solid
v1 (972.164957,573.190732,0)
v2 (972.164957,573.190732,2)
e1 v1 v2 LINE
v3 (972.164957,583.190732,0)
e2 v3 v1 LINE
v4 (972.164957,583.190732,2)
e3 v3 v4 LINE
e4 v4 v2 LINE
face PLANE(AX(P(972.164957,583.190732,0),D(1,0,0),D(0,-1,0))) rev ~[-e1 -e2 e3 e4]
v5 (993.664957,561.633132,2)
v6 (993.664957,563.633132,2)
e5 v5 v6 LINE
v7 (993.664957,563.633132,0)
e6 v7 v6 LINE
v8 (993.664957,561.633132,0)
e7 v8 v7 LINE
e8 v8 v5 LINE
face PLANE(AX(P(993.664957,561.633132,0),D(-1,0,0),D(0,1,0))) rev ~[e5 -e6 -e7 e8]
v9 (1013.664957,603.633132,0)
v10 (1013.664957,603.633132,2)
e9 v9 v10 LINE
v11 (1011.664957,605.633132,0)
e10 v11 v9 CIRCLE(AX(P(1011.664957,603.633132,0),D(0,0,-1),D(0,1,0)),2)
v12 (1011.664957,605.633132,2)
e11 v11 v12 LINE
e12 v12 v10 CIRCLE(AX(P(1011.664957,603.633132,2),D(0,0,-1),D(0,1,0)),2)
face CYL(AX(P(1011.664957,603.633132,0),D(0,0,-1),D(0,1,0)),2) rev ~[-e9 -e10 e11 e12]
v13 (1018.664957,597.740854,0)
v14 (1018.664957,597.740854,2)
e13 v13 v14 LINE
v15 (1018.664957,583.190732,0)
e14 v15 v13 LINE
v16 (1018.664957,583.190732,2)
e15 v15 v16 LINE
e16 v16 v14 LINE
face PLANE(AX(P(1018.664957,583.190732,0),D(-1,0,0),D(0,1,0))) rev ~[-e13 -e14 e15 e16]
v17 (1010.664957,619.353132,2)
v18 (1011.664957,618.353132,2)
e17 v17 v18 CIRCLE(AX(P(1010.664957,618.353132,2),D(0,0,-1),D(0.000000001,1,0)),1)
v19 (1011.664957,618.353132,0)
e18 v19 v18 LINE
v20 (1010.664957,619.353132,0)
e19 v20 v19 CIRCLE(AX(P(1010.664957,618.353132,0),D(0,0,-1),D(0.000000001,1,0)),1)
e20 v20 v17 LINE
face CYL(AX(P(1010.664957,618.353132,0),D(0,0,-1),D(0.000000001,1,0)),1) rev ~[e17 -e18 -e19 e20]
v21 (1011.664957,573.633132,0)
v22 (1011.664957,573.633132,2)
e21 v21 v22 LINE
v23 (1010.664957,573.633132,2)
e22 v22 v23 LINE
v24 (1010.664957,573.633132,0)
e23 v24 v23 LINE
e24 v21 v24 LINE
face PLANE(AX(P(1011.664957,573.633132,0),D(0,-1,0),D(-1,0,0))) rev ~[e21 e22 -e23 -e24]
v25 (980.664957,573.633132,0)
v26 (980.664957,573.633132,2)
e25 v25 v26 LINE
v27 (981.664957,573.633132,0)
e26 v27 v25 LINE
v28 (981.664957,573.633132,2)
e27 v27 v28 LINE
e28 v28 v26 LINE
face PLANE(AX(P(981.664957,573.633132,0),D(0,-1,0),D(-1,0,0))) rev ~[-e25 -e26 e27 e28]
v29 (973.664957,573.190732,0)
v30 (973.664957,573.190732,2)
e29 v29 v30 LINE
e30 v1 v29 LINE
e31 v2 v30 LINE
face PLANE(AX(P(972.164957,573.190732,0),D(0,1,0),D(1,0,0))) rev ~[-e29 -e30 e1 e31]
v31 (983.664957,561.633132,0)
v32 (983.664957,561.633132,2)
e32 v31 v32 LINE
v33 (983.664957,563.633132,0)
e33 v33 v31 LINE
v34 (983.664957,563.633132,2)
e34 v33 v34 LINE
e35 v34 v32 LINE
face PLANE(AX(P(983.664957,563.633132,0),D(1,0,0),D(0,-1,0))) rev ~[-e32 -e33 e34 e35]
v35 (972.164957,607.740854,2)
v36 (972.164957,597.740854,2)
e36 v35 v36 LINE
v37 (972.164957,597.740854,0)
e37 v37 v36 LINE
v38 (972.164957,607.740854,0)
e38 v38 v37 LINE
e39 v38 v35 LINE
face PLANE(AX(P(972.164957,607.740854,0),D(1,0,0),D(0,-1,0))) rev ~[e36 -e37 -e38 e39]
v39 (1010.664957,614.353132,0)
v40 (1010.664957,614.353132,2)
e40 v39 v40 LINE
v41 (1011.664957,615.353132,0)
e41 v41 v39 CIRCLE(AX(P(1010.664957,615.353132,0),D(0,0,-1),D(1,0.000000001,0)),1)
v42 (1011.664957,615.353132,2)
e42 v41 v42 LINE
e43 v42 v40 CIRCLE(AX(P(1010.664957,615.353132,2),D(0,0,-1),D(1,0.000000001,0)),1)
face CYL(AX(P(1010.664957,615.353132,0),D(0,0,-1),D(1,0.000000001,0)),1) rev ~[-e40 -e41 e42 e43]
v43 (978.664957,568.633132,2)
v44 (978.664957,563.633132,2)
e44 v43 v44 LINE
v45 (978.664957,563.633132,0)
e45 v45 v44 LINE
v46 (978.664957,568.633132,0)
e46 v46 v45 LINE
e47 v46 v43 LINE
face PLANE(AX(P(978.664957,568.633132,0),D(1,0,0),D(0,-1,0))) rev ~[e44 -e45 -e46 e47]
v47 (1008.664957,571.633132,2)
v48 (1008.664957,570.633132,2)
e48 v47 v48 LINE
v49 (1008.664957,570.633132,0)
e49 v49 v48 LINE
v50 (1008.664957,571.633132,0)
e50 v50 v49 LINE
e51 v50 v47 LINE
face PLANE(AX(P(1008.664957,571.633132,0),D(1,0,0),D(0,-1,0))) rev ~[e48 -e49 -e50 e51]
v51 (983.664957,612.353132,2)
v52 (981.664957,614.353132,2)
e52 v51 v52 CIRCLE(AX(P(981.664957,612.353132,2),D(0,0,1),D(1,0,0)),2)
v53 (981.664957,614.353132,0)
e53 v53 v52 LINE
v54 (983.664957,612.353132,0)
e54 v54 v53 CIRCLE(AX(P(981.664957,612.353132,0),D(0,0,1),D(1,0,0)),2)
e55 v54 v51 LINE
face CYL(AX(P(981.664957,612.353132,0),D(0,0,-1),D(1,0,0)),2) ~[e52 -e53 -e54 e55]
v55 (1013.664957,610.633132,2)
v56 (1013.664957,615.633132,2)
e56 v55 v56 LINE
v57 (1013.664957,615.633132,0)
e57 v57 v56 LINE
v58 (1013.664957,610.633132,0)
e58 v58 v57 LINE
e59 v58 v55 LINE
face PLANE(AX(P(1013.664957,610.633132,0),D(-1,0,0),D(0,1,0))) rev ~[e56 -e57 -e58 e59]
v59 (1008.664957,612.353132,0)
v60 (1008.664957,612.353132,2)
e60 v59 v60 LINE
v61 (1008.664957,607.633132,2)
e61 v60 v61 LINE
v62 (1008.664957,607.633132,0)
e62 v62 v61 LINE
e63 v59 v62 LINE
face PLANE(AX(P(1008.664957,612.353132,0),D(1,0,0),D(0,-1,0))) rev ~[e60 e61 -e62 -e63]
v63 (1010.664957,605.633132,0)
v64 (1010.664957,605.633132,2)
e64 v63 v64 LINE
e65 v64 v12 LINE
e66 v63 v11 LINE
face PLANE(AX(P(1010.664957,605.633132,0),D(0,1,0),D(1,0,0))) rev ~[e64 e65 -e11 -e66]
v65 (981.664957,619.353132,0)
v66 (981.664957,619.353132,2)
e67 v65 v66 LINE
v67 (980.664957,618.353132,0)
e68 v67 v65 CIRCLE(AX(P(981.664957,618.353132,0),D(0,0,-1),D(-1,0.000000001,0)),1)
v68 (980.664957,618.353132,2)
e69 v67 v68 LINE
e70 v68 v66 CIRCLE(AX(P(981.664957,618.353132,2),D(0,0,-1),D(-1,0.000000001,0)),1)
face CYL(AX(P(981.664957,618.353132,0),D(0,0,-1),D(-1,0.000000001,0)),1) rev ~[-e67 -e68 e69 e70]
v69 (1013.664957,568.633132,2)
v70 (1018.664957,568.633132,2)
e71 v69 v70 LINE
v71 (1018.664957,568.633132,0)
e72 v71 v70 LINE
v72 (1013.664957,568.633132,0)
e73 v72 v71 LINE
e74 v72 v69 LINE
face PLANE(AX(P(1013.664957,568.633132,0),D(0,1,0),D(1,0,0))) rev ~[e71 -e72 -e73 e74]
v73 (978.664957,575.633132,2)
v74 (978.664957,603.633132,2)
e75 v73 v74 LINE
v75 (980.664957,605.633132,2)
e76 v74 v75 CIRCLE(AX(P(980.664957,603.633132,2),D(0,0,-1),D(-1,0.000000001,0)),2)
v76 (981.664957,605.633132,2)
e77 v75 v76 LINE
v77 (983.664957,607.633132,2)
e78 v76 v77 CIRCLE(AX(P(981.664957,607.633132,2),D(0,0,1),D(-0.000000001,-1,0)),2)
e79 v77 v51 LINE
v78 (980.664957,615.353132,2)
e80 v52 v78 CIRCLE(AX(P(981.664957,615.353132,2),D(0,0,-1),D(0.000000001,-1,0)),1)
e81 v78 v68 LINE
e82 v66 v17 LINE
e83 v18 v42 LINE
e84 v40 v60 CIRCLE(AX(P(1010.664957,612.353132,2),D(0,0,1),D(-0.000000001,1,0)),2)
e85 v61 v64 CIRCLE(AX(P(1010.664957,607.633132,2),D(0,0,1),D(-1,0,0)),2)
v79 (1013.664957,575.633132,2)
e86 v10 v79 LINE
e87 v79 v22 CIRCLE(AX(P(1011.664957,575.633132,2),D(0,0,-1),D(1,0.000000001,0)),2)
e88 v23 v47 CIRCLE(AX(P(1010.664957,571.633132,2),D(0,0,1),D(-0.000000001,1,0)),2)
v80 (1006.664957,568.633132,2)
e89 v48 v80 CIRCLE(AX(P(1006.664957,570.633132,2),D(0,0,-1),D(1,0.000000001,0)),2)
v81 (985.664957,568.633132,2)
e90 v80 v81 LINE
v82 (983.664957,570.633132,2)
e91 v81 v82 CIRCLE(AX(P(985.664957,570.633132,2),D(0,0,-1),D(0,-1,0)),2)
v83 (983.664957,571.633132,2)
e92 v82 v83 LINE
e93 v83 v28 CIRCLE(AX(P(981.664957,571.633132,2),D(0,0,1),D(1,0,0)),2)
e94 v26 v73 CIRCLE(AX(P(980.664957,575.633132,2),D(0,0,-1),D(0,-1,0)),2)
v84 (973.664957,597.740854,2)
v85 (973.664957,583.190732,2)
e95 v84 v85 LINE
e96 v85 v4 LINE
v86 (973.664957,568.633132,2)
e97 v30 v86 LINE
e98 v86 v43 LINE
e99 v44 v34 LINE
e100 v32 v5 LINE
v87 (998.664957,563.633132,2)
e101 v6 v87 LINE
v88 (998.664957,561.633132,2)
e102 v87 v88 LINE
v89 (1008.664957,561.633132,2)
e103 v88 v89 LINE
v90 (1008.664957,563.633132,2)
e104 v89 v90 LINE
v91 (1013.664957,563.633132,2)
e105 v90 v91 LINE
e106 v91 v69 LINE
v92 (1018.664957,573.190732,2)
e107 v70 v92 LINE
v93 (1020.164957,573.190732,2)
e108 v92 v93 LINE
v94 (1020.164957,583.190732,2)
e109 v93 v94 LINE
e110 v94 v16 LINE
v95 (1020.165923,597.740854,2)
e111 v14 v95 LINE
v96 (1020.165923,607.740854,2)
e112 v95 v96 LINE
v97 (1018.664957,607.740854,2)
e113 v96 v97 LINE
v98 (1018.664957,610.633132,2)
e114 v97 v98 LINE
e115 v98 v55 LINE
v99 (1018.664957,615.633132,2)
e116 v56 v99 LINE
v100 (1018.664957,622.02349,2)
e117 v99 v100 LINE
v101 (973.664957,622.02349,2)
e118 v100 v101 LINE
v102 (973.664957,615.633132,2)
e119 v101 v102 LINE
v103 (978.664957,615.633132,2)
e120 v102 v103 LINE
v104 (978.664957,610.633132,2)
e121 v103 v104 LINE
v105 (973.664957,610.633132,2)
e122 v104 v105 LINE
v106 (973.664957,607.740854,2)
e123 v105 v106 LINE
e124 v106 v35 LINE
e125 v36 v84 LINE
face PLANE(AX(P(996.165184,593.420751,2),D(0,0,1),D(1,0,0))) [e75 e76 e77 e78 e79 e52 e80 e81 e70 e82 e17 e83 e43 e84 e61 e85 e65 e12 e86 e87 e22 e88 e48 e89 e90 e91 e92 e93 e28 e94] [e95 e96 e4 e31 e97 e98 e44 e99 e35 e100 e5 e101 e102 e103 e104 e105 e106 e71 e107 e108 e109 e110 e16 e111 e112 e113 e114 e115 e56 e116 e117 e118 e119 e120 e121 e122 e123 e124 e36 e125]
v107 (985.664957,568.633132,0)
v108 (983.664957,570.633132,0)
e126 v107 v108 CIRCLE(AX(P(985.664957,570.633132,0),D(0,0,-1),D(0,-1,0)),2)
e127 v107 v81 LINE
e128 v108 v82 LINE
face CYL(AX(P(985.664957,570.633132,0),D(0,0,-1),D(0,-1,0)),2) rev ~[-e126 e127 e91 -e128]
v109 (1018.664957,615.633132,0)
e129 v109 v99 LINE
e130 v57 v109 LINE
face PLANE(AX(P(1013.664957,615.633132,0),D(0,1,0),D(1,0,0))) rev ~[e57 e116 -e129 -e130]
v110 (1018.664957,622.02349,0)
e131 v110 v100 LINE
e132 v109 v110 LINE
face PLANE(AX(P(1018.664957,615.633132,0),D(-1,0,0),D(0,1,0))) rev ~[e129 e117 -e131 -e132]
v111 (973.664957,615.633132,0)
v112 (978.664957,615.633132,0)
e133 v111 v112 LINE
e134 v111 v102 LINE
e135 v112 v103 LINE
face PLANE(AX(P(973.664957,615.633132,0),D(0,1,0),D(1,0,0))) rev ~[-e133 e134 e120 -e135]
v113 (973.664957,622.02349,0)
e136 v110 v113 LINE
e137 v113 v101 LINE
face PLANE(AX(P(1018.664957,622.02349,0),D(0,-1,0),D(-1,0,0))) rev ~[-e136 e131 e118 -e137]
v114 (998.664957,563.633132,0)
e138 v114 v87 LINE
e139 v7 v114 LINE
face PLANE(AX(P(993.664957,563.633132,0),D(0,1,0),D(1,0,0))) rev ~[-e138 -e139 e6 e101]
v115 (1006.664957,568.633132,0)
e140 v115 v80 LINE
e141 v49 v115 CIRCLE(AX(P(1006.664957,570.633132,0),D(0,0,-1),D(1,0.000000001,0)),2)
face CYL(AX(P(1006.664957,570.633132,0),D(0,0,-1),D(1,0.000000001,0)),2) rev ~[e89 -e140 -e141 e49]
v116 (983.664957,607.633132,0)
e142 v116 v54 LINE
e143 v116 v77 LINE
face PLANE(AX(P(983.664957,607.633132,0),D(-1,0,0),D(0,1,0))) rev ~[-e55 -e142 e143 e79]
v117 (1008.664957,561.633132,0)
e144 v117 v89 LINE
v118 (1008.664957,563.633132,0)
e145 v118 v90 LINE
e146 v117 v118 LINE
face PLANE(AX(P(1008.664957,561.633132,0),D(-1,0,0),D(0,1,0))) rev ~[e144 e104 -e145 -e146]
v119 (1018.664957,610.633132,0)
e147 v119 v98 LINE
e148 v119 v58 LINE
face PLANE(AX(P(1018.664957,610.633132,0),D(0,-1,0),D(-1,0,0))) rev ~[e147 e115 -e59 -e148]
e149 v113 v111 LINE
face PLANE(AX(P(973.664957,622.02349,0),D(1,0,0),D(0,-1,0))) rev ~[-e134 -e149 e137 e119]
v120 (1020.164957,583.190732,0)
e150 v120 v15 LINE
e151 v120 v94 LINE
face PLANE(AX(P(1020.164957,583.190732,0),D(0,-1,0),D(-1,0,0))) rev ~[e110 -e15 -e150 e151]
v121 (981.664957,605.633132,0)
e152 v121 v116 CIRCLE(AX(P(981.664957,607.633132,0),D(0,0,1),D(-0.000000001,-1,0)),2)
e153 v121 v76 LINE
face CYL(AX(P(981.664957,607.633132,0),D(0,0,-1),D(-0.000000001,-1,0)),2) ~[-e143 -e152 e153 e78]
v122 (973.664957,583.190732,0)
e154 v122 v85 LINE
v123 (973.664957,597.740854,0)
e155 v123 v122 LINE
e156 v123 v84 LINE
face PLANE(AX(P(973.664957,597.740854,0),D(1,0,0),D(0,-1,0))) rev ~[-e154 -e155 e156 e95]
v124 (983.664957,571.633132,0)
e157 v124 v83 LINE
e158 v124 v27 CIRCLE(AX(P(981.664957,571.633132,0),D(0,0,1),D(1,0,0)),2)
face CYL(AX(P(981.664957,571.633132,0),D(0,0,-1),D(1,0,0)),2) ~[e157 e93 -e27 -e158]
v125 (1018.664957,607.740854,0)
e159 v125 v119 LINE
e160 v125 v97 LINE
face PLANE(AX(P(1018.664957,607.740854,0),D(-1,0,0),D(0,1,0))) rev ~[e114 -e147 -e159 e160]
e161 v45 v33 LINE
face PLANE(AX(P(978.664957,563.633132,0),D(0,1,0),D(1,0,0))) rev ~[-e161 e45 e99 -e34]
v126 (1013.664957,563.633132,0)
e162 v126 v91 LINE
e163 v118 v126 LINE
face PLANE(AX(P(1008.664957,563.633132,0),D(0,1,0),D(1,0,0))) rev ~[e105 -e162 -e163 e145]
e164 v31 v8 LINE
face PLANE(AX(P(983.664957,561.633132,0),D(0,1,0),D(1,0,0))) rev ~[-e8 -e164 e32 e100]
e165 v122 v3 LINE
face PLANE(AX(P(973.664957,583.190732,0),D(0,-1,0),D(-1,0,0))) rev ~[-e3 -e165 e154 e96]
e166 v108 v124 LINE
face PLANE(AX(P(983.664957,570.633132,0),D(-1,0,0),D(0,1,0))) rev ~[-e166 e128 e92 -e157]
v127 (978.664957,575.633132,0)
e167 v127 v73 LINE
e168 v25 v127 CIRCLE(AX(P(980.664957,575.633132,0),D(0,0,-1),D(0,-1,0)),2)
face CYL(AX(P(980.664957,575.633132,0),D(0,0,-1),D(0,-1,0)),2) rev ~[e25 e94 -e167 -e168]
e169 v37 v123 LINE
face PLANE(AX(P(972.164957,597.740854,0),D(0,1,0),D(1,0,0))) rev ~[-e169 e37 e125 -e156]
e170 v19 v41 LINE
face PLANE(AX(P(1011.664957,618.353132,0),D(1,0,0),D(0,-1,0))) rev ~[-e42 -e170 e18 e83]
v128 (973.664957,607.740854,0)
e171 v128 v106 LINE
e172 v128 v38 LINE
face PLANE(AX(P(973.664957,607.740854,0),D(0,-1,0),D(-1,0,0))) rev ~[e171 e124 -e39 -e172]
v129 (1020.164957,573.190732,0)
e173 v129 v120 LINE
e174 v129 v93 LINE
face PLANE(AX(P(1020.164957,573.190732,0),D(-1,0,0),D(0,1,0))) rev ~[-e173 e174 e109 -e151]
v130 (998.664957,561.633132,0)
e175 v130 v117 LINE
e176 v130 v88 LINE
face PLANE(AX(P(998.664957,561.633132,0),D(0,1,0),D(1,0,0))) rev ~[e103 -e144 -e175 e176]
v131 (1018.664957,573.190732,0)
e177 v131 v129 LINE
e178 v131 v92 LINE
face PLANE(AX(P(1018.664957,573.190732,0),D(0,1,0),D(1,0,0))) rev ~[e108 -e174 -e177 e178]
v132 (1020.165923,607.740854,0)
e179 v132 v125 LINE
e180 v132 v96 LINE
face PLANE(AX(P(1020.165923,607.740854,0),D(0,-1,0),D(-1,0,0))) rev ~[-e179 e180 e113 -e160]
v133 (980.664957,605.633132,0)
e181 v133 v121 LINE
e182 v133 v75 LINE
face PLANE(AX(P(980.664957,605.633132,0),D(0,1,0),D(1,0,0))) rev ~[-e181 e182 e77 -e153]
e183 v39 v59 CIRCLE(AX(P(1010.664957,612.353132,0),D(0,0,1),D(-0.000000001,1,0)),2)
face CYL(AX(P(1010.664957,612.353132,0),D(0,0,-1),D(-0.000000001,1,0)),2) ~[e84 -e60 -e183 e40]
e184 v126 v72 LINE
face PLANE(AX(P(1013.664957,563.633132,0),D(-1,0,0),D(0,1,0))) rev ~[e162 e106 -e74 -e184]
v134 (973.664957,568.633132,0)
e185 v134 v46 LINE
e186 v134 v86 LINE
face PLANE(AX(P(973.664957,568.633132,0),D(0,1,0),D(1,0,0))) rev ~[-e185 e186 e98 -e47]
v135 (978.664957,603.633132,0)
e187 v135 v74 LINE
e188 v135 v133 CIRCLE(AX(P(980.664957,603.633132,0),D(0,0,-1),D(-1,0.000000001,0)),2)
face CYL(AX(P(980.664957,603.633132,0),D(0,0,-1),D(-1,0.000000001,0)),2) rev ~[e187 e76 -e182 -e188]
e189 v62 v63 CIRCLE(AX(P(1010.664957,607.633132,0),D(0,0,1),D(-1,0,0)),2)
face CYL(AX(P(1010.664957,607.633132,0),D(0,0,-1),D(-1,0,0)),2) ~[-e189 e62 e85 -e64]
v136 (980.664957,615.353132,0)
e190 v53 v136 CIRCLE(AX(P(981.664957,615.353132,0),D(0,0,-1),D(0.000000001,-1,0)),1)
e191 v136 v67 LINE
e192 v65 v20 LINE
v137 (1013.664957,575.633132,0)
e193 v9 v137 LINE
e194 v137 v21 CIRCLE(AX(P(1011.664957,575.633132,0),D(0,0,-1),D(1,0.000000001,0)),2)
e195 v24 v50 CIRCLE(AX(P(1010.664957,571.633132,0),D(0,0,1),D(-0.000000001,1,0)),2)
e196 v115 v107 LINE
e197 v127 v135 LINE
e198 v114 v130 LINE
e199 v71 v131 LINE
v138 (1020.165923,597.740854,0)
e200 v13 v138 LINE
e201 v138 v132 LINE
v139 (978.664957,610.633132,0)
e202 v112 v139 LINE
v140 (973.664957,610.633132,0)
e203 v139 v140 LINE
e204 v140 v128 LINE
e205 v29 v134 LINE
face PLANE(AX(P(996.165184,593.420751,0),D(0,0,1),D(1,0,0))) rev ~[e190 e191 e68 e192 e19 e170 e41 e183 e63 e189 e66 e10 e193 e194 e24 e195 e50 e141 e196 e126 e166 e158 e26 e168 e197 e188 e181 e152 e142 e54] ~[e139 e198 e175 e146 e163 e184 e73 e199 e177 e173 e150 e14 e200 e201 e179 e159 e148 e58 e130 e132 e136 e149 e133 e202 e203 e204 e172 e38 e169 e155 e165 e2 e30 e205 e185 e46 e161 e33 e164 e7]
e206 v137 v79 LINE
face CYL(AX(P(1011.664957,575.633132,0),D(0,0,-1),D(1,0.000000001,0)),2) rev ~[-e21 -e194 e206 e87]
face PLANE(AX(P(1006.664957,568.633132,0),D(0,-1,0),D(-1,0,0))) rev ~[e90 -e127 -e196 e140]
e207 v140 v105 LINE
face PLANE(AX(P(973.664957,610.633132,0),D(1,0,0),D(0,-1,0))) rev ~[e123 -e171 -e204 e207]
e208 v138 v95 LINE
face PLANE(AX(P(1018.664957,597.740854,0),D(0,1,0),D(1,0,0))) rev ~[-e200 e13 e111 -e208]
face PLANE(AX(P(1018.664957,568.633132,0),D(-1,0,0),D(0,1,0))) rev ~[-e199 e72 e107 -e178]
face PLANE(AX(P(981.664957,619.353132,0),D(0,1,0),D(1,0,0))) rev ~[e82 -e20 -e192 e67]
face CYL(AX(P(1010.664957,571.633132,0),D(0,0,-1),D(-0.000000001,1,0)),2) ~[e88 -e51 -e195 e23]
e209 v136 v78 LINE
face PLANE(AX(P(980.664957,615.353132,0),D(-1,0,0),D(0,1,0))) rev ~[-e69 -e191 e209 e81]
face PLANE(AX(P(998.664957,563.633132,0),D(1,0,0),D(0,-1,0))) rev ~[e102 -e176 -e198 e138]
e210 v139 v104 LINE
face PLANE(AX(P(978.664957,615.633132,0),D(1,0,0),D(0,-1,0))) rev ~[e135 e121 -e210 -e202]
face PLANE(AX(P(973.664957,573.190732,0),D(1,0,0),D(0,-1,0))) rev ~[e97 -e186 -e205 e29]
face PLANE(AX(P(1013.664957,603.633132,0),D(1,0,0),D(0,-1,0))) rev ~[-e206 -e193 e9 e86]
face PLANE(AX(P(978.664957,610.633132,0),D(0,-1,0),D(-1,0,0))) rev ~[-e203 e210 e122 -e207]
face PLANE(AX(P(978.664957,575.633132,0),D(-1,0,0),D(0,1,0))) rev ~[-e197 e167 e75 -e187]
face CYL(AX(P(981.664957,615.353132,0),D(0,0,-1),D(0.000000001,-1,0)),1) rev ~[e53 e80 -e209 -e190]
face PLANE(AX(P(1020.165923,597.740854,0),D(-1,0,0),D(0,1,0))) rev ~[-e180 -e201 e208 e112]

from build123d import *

# Parameters (mm, degrees)
EXTRUDE_1_DEPTH = 2


with BuildPart() as part:
    # Model → 凸台-拉伸1 (new body)
    with BuildSketch(Plane.XY):
        Polygon((973.664956946, 622.02348986), (973.664956946, 615.633131528), (978.664956946, 615.633131528), (978.664956946, 610.633131528), (973.664956946, 610.633131528), (973.664956946, 607.740854359), (972.164956946, 607.740854359), (972.164956946, 597.740854359), (973.664956946, 597.740854359), (973.664956946, 583.190731528), (972.164956946, 583.190731528), (972.164956946, 573.190731528), (973.664956946, 573.190731528), (973.664956946, 568.633131528), (978.664956946, 568.633131528), (978.664956946, 563.633131528), (983.664956946, 563.633131528), (983.664956946, 561.633131528), (993.664956946, 561.633131528), (993.664956946, 563.633131528), (998.664956946, 563.633131528), (998.664956946, 561.633131528), (1008.664956946, 561.633131528), (1008.664956946, 563.633131528), (1013.664956946, 563.633131528), (1013.664956946, 568.633131528), (1018.664956946, 568.633131528), (1018.664956946, 573.190731528), (1020.164956946, 573.190731528), (1020.164956946, 583.190731528), (1018.664956946, 583.190731528), (1018.664956946, 597.740854359), (1020.16592277, 597.740854359), (1020.16592277, 607.740854359), (1018.664956946, 607.740854359), (1018.664956946, 610.633131528), (1013.664956946, 610.633131528), (1013.664956946, 615.633131528), (1018.664956946, 615.633131528), (1018.664956946, 622.02348986), align=None)
        with BuildLine():
            Line((980.664956946, 605.633131528), (981.664956946, 605.633131528))
            ThreePointArc((981.664956946, 605.633131528), (983.079170509, 606.218917965), (983.664956946, 607.633131528))
            Line((983.664956946, 607.633131528), (983.664956946, 612.353131528))
            ThreePointArc((983.664956946, 612.353131528), (983.079170509, 613.76734509), (981.664956946, 614.353131528))
            ThreePointArc((981.664956946, 614.353131528), (980.957850165, 614.646024746), (980.664956946, 615.353131528))
            Line((980.664956946, 615.353131528), (980.664956946, 618.353131528))
            ThreePointArc((980.664956946, 618.353131528), (980.957850165, 619.060238309), (981.664956946, 619.353131528))
            Line((981.664956946, 619.353131528), (1010.664956946, 619.353131528))
            ThreePointArc((1010.664956946, 619.353131528), (1011.372063727, 619.060238309), (1011.664956946, 618.353131528))
            Line((1011.664956946, 618.353131528), (1011.664956946, 615.353131528))
            ThreePointArc((1011.664956946, 615.353131528), (1011.372063727, 614.646024746), (1010.664956946, 614.353131528))
            ThreePointArc((1010.664956946, 614.353131528), (1009.250743384, 613.76734509), (1008.664956946, 612.353131528))
            Line((1008.664956946, 612.353131528), (1008.664956946, 607.633131528))
            ThreePointArc((1008.664956946, 607.633131528), (1009.250743384, 606.218917965), (1010.664956946, 605.633131528))
            Line((1010.664956946, 605.633131528), (1011.664956946, 605.633131528))
            ThreePointArc((1011.664956946, 605.633131528), (1013.079170509, 605.04734509), (1013.664956946, 603.633131528))
            Line((1013.664956946, 603.633131528), (1013.664956946, 575.633131528))
            ThreePointArc((1013.664956946, 575.633131528), (1013.079170509, 574.218917965), (1011.664956946, 573.633131528))
            Line((1011.664956946, 573.633131528), (1010.664956946, 573.633131528))
            ThreePointArc((1010.664956946, 573.633131528), (1009.250743384, 573.04734509), (1008.664956946, 571.633131528))
            Line((1008.664956946, 571.633131528), (1008.664956946, 570.633131528))
            ThreePointArc((1008.664956946, 570.633131528), (1008.079170509, 569.218917965), (1006.664956946, 568.633131528))
            Line((1006.664956946, 568.633131528), (985.664956946, 568.633131528))
            ThreePointArc((985.664956946, 568.633131528), (984.250743384, 569.218917965), (983.664956946, 570.633131528))
            Line((983.664956946, 570.633131528), (983.664956946, 571.633131528))
            ThreePointArc((983.664956946, 571.633131528), (983.079170509, 573.04734509), (981.664956946, 573.633131528))
            Line((981.664956946, 573.633131528), (980.664956946, 573.633131528))
            ThreePointArc((980.664956946, 573.633131528), (979.250743384, 574.218917965), (978.664956946, 575.633131528))
            Line((978.664956946, 575.633131528), (978.664956946, 603.633131528))
            ThreePointArc((978.664956946, 603.633131528), (979.250743384, 605.04734509), (980.664956946, 605.633131528))
        make_face(mode=Mode.SUBTRACT)
    extrude(amount=EXTRUDE_1_DEPTH)


solid = part.part
